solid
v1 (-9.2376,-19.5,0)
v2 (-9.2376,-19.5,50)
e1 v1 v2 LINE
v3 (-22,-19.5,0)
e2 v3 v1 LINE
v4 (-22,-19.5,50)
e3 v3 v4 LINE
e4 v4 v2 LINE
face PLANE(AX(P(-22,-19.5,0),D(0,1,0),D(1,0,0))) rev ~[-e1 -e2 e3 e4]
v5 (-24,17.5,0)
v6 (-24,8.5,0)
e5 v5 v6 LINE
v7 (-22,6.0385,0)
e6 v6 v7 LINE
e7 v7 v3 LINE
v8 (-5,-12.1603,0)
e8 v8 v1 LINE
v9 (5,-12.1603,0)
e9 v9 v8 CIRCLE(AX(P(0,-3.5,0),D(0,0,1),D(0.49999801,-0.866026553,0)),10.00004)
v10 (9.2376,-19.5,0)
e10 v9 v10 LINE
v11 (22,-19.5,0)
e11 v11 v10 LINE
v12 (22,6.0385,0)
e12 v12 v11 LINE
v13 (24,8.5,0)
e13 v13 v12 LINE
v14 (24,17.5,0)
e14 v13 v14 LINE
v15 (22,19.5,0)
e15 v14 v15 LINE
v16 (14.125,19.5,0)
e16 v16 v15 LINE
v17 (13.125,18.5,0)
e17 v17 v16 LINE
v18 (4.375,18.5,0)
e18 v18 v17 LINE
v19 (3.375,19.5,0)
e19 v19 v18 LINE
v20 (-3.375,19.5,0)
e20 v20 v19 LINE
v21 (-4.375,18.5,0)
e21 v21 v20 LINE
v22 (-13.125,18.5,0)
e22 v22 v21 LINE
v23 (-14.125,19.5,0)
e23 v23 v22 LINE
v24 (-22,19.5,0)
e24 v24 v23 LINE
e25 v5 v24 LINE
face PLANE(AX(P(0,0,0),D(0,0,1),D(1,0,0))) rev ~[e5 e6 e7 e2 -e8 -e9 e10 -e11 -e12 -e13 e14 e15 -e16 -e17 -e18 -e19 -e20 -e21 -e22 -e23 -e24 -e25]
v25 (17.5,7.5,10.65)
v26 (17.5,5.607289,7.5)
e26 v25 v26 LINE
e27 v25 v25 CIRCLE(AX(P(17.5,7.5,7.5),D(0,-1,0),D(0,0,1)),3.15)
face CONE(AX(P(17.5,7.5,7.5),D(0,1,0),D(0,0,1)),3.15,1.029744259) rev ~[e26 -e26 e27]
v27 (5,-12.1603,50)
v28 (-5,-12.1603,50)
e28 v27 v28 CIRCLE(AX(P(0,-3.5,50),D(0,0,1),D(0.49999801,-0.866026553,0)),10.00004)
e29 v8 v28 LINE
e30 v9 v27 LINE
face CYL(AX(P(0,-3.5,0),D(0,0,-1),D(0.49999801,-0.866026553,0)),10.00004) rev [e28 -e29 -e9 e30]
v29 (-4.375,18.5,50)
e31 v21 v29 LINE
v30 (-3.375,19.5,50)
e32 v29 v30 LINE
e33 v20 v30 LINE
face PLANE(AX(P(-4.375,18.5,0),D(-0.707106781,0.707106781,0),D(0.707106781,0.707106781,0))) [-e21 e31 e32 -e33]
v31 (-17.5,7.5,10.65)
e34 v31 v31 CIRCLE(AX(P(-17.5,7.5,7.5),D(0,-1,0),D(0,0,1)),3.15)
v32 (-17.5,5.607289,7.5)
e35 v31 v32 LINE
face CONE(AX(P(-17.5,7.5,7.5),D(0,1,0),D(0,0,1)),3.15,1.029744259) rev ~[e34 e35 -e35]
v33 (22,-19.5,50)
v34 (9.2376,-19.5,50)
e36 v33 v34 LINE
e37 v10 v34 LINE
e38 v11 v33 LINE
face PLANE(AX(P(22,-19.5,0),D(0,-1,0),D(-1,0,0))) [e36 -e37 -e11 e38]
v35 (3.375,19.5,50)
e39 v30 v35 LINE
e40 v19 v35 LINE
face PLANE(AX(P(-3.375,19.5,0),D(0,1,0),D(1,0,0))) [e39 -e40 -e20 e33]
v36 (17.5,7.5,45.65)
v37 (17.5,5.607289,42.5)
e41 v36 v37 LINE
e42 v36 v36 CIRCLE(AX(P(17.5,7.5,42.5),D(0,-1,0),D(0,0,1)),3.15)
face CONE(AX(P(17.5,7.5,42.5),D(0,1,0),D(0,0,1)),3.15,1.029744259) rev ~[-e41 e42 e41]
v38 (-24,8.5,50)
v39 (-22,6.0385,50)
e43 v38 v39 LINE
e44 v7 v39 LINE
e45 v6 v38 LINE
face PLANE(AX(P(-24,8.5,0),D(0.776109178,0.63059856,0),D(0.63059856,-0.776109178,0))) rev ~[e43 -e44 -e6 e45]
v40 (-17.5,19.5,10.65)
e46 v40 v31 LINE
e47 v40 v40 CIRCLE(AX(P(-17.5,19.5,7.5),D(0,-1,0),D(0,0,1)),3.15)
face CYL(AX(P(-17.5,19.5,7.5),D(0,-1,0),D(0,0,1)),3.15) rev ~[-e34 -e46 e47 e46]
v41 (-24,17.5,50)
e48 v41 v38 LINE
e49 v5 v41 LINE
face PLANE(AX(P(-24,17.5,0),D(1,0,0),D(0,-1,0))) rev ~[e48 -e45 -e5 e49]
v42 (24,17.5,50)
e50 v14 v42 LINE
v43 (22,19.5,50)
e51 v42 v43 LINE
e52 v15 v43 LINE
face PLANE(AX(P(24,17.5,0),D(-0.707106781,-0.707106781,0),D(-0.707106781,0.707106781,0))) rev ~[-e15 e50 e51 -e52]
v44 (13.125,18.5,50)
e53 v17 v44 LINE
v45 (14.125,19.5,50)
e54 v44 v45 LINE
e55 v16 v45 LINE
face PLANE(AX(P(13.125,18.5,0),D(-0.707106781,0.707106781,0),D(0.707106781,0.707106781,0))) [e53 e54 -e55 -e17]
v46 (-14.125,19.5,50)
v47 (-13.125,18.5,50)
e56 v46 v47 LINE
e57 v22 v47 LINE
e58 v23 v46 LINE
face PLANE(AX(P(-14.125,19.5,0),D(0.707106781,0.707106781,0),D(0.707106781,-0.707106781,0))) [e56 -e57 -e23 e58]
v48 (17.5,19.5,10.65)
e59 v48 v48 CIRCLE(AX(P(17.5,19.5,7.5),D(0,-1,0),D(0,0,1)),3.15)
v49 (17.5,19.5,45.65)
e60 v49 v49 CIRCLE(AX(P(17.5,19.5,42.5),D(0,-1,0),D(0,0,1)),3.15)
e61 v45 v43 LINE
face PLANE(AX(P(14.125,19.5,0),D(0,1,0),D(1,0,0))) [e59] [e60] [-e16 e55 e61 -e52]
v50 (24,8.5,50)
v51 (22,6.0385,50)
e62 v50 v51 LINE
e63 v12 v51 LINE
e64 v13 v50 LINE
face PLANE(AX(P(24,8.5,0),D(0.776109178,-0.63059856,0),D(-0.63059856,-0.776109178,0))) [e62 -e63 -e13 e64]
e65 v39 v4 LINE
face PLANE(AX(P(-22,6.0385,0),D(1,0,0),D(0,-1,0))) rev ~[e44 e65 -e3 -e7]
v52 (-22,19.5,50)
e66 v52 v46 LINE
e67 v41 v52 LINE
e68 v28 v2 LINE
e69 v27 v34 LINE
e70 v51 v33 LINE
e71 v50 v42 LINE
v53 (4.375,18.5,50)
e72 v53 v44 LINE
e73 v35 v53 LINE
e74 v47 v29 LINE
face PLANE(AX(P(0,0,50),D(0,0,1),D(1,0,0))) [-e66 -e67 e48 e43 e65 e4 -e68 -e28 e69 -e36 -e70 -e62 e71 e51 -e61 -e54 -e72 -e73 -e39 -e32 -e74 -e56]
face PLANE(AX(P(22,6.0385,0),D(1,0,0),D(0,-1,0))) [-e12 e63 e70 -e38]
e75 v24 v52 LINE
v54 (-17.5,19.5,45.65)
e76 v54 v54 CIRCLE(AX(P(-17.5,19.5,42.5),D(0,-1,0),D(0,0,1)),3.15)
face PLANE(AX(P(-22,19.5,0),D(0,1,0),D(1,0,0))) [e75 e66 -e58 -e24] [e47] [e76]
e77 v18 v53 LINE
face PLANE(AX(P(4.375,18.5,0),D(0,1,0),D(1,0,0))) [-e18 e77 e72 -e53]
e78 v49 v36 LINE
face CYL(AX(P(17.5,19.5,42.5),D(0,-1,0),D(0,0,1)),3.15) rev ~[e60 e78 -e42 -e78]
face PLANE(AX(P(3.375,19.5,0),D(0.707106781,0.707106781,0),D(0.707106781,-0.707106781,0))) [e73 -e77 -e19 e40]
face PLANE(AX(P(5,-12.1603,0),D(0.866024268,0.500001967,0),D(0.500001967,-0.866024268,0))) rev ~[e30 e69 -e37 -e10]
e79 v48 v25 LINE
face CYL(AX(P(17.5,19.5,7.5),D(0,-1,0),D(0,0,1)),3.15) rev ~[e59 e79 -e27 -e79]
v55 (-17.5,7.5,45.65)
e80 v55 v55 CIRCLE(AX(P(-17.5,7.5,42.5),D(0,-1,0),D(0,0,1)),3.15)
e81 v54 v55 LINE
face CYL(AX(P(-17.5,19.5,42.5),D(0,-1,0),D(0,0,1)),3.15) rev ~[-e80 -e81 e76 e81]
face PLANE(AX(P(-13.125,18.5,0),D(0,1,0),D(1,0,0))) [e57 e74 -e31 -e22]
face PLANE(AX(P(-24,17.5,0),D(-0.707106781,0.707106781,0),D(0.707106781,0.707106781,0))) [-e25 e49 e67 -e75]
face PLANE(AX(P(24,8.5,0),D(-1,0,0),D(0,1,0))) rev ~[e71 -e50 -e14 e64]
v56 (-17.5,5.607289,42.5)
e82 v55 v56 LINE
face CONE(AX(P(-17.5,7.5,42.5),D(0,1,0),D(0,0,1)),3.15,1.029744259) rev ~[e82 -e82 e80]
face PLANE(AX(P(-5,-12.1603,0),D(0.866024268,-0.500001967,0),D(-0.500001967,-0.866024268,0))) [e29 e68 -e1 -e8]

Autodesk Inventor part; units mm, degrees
ref_plane "YZ Plane" through (0, 0, 0) normal (1, 0, 0) x (0, 1, 0)
ref_plane "XZ Plane" through (0, 0, 0) normal (0, 1, 0) x (-1, 0, 0)
sketch "Sketch2" plane through (0, 0, 0) normal (0, 0, 1) x (1, 0, 0)
  arc A0 (5, -12.1603) -> (-5, -12.1603) centre (0, -3.5) ccw
  line L0 (-5, -12.1603) -> (5, -12.1603) construction
  line L1 (5, -12.1603) -> (9.2376, -19.5)
  line L2 (-5, -12.1603) -> (-9.2376, -19.5)
  line L3 (-24, 8.5) -> (-22, 6.0385)
  line L4 (-22, 6.0385) -> (-22, -19.5)
  line L5 (24, 8.5) -> (22, 6.0385)
  line L6 (-22, -19.5) -> (-9.2376, -19.5)
  line L7 (22, 6.0385) -> (22, -19.5)
  line L8 (22, -19.5) -> (9.2376, -19.5)
  line L9 (-24, 17.5) -> (-22, 19.5)
  line L10 (-24, 17.5) -> (-24, 8.5)
  line L11 (24, 8.5) -> (24, 17.5)
  line L12 (24, 17.5) -> (22, 19.5)
  line L13 (-22, 19.5) -> (-14.125, 19.5)
  line L14 (-14.125, 19.5) -> (-13.125, 18.5)
  line L15 (-13.125, 18.5) -> (-4.375, 18.5)
  line L16 (-4.375, 18.5) -> (-3.375, 19.5)
  line L17 (-3.375, 19.5) -> (3.375, 19.5)
  line L18 (3.375, 19.5) -> (4.375, 18.5)
  line L19 (4.375, 18.5) -> (13.125, 18.5)
  line L20 (13.125, 18.5) -> (14.125, 19.5)
  line L21 (14.125, 19.5) -> (22, 19.5)
  point P0 (0, 0)
  point P1 (0, 0)
  point P2 (0, 0)
  dimension "h1" = 10
  dimension "r1" = 10
  dimension "d15" = 2
  dimension "d16" = 2
  dimension "d18" = 25.5385
  dimension "d19" = 25.5385
  dimension "d20" = 12.7624
  dimension "d21" = 12.7624
  dimension "d22" = 7.3398
  dimension "d23" = 7.3398
  dimension "d24" = 2.4615
  dimension "d25" = 2.4615
  dimension "d26" = 3.5
  dimension "d27" = 18.4752
  dimension "d28" = 22
  dimension "d33" = 2
  dimension "d34" = 2
  dimension "d35" = 9
  dimension "d36" = 2
  dimension "d37" = 44
  dimension "d38" = 9
  dimension "d40" = 1
  dimension "d41" = 8.75
  dimension "d42" = 8.75
  dimension "d43" = 6.75
  dimension "d44" = 1
  dimension "d45" = 1
  dimension "d46" = 1
  dimension "d47" = 7.875
  dimension "d48" = 7.875
extrude "Extrusion1" add sketch "Sketch2" along normal blind 50
ref_plane "Work Plane1" through (-3.375, 19.5, 0) normal (0, 1, 0) x (1, 0, 0)
sketch "Sketch3" plane through (-3.375, 19.5, 0) normal (0, 1, 0) x (1, 0, 0)
  line L0 (-20.625, 0) -> (3.375, 0) construction
  line L1 (-20.625, 0) -> (-20.625, -15.5497) construction
  line L2 (27.375, 0) -> (27.375, -50) construction
  line L3 (-18.625, 0) -> (-18.625, -50) construction
  line L4 (25.375, 0) -> (25.375, -50) construction
  point P0 (-14.125, -7.5)
  point P1 (20.875, -7.5)
  point P2 (-14.125, -42.5)
  point P3 (20.875, -42.5)
  dimension "d52" = 35
  dimension "d55" = 35
  dimension "d58" = 7.5
  dimension "d68" = 2
  dimension "d69" = 4.5
  dimension "d70" = 2
  dimension "d71" = 4.5
hole "Hole1" at (-17.5, 19.5, 7.5) at (17.5, 19.5, 7.5) at (-17.5, 19.5, 42.5) at (17.5, 19.5, 42.5) direction (0, -1, 0) diameter 6.3 depth 12 tip angle 118
equation "\"d16\" = d15"
equation "\"d19\" = d18"
equation "\"d21\" = d20"
equation "\"d23\" = d22"
equation "\"d25\" = d24"
equation "\"d34\" = d33"
equation "\"d42\" = d41"
equation "\"d44\" = d40"
equation "\"d45\" = d40"
equation "\"d46\" = d40"
equation "\"d48\" = d47"
properties part number "sbr20uu"
